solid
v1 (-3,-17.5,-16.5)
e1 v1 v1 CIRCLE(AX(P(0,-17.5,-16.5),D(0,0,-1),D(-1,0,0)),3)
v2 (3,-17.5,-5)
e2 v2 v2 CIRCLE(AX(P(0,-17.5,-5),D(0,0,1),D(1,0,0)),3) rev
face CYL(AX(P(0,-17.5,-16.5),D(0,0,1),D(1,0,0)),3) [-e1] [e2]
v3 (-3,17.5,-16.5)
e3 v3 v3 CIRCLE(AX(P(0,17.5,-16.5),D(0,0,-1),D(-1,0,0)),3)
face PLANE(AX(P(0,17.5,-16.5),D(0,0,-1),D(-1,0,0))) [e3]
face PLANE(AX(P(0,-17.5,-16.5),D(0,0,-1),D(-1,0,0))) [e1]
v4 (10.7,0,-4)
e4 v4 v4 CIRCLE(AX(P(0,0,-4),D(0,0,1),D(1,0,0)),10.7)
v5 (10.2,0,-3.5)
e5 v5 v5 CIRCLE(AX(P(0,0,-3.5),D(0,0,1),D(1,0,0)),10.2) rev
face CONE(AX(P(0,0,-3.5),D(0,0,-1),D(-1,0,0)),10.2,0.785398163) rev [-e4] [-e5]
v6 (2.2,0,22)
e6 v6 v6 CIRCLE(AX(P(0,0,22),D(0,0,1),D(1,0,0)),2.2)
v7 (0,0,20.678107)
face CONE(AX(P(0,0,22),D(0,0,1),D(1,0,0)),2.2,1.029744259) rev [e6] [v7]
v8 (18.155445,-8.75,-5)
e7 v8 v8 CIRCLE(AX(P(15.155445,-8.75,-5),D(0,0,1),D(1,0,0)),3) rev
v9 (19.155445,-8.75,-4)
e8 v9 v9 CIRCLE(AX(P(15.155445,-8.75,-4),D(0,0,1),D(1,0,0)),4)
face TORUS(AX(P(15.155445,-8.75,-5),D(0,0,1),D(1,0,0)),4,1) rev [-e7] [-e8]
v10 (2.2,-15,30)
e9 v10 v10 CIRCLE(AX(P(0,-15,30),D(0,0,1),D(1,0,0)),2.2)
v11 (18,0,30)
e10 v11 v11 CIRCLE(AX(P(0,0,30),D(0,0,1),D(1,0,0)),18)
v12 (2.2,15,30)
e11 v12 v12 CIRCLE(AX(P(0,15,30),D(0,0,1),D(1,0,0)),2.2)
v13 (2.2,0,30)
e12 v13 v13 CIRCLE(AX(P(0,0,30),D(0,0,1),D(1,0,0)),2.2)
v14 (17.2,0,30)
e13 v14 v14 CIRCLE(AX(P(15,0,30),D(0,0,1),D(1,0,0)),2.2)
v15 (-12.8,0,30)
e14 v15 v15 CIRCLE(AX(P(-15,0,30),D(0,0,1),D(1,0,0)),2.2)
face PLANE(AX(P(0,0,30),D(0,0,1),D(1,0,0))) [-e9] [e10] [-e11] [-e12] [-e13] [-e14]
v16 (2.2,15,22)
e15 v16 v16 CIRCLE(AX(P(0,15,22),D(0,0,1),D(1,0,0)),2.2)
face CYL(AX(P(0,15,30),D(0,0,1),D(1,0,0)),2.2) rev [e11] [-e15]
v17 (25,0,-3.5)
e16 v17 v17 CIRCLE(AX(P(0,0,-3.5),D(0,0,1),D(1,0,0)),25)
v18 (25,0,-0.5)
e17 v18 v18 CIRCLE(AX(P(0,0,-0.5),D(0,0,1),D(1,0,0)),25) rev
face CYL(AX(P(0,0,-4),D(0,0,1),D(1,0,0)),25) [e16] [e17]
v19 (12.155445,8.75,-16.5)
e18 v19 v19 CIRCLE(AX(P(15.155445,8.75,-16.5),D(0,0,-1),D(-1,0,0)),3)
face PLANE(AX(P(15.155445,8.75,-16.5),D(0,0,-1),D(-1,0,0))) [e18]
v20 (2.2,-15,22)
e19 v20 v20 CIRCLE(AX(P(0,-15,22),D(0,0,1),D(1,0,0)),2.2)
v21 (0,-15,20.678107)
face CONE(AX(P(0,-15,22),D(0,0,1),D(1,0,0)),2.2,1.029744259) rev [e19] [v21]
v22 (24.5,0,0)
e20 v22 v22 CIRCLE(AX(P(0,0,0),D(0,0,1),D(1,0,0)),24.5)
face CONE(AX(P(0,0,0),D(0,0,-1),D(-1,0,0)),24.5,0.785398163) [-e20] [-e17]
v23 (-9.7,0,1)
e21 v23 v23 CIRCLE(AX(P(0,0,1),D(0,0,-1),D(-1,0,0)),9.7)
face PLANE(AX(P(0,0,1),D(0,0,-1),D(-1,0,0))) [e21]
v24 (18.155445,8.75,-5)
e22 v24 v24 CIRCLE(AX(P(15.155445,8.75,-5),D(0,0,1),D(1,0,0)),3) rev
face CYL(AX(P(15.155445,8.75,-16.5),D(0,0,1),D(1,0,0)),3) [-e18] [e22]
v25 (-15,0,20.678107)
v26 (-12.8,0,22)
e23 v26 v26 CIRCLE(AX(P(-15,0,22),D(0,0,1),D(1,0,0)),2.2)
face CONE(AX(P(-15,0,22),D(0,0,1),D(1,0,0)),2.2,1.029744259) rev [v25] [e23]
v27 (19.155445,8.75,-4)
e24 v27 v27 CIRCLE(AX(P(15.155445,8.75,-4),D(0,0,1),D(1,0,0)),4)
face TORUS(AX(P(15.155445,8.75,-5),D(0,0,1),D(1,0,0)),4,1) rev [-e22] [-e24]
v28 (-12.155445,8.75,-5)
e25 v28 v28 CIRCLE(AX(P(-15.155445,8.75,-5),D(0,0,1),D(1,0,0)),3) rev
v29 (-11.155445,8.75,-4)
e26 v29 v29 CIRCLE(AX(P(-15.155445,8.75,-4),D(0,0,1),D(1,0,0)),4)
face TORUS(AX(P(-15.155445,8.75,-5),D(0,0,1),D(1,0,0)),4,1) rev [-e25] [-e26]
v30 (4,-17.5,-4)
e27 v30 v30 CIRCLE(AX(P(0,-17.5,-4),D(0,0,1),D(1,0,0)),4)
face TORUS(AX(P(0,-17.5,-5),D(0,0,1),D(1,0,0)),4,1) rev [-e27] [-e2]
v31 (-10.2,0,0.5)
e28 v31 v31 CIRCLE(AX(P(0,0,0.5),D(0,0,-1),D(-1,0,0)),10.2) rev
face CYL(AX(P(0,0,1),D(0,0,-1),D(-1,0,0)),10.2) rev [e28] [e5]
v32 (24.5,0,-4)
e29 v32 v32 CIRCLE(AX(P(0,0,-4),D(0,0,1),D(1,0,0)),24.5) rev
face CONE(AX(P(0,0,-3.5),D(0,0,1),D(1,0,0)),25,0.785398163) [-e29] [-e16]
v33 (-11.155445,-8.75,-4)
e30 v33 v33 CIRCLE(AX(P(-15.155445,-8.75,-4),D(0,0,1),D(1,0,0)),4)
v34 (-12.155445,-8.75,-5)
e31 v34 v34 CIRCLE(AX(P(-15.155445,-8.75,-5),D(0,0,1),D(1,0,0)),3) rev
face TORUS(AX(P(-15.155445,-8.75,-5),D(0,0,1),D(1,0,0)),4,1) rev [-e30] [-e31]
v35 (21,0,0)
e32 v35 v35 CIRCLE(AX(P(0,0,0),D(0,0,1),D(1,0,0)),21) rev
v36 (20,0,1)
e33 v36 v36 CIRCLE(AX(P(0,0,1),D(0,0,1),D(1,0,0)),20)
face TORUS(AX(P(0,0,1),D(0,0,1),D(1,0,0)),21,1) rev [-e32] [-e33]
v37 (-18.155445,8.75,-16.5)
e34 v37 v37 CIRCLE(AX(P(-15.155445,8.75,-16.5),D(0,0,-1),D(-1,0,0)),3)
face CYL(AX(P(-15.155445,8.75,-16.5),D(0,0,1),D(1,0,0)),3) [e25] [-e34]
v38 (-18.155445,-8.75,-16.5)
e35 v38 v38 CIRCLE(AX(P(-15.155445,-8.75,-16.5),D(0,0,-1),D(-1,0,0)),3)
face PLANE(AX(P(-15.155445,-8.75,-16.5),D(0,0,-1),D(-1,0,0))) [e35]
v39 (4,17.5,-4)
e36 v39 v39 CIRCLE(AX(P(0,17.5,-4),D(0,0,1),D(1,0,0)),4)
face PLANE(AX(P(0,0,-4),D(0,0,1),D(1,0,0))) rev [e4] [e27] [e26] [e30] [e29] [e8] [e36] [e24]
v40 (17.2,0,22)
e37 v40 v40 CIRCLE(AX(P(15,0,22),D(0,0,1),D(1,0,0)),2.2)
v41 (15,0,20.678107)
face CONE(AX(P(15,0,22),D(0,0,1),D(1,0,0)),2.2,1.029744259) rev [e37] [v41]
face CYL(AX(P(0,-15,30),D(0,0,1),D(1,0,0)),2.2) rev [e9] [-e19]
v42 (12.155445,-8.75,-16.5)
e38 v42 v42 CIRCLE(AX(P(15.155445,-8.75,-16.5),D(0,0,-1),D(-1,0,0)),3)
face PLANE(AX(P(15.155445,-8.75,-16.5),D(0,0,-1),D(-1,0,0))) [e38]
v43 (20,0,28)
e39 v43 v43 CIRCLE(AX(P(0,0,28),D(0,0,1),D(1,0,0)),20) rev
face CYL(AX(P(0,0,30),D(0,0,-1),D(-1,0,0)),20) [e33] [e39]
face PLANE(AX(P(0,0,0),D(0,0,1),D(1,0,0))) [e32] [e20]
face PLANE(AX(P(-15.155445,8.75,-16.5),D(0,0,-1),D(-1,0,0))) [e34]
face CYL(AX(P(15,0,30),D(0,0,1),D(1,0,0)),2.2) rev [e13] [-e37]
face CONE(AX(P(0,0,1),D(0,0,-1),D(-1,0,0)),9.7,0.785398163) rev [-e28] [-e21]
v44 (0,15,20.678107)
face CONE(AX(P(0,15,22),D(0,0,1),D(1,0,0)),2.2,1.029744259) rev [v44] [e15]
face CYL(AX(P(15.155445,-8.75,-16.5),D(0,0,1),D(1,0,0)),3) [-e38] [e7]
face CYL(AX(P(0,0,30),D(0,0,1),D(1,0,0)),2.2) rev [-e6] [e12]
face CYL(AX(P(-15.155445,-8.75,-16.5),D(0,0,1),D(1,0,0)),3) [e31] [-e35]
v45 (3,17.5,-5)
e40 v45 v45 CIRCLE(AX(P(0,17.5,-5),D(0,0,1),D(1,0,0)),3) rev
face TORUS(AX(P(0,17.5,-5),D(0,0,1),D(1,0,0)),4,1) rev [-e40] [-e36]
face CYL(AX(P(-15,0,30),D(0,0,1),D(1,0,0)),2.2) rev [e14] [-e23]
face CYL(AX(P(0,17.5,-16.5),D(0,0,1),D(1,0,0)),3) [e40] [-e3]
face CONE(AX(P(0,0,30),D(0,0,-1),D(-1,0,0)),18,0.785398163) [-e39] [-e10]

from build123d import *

# Parameters (mm, degrees)
SKETCH1_R                 = 25
BOSS_EXTRUDE1_DEPTH       = 4
SKETCH2_R                 = 20
BOSS_EXTRUDE2_DEPTH       = 30
FILLET1_R                 = 1
SKETCH3_R                 = 10.2
CUT_EXTRUDE1_DEPTH        = 5
SKETCH4_R                 = 3
BOSS_EXTRUDE3_DEPTH       = 12.5
F_4_0MM_DOWEL_HOLE1_D     = 4.4
F_4_0MM_DOWEL_HOLE1_DEPTH = 8
F_4_0MM_DOWEL_HOLE1_TIP   = 1.321893362
FILLET2_R                 = 1
CHAMFER1_SIZE             = 0.5
CHAMFER2_SIZE             = 2


with BuildPart() as part:
    # Sketch1 → Boss-Extrude1 (new body)
    with BuildSketch(Plane.XY):
        Circle(SKETCH1_R)
    extrude(amount=-BOSS_EXTRUDE1_DEPTH)

    # Sketch2 → Boss-Extrude2 (add)
    with BuildSketch(Plane.XY):
        Circle(SKETCH2_R)
    extrude(amount=BOSS_EXTRUDE2_DEPTH)

    # Fillet1
    fillet1_edges = [part.edges().sort_by_distance(p)[0] for p in [
        (-20, 0, 0),
    ]]
    fillet(fillet1_edges, radius=FILLET1_R)

    # Sketch3 → Cut-Extrude1 (cut)
    with BuildSketch(Plane(origin=(0, 0, -4), x_dir=(-1, 0, 0), z_dir=(0, 0, -1))):
        Circle(SKETCH3_R)
    extrude(amount=-CUT_EXTRUDE1_DEPTH, mode=Mode.SUBTRACT)

    # Sketch4 → Boss-Extrude3 (add)
    with BuildSketch(Plane(origin=(0, 0, -4), x_dir=(-1, 0, 0), z_dir=(0, 0, -1))):
        with Locations((0, 17.5)):
            Circle(SKETCH4_R)
        with Locations((15.155444566, 8.75)):
            Circle(SKETCH4_R)
        with Locations((15.155444566, -8.75)):
            Circle(SKETCH4_R)
        with Locations((0, -17.5)):
            Circle(SKETCH4_R)
        with Locations((-15.155444566, -8.75)):
            Circle(SKETCH4_R)
        with Locations((-15.155444566, 8.75)):
            Circle(SKETCH4_R)
    extrude(amount=BOSS_EXTRUDE3_DEPTH)

    # Ø4.0mm Dowel Hole1
    with Locations(Plane.XY.offset(30)):
        with Locations((0, 0), (0, 15), (15, 0), (0, -15), (-15, 0)):
            Hole(F_4_0MM_DOWEL_HOLE1_D / 2, depth=F_4_0MM_DOWEL_HOLE1_DEPTH)
            with Locations((0, 0, -(F_4_0MM_DOWEL_HOLE1_DEPTH + F_4_0MM_DOWEL_HOLE1_TIP / 2))):  # 118° drill point
                Cone(0, F_4_0MM_DOWEL_HOLE1_D / 2, F_4_0MM_DOWEL_HOLE1_TIP, mode=Mode.SUBTRACT)

    # Fillet2
    fillet2_edges = [part.edges().sort_by_distance(p)[0] for p in [
        (-12.155444566, 8.75, -4),
        (-12.155444566, -8.75, -4),
        (3, -17.5, -4),
        (18.155444566, 8.75, -4),
        (3, 17.5, -4),
        (18.155444566, -8.75, -4),
    ]]
    fillet(fillet2_edges, radius=FILLET2_R)

    # Chamfer1
    chamfer1_edges = [part.edges().sort_by_distance(p)[0] for p in [
        (10.2, 0, 1),
        (10.2, 0, -4),
        (-25, 0, 0),
        (-25, 0, -4),
    ]]
    chamfer(chamfer1_edges, length=CHAMFER1_SIZE)

    # Chamfer2
    chamfer2_edges = [part.edges().sort_by_distance(p)[0] for p in [
        (-20, 0, 30),
    ]]
    chamfer(chamfer2_edges, length=CHAMFER2_SIZE)


solid = part.part
